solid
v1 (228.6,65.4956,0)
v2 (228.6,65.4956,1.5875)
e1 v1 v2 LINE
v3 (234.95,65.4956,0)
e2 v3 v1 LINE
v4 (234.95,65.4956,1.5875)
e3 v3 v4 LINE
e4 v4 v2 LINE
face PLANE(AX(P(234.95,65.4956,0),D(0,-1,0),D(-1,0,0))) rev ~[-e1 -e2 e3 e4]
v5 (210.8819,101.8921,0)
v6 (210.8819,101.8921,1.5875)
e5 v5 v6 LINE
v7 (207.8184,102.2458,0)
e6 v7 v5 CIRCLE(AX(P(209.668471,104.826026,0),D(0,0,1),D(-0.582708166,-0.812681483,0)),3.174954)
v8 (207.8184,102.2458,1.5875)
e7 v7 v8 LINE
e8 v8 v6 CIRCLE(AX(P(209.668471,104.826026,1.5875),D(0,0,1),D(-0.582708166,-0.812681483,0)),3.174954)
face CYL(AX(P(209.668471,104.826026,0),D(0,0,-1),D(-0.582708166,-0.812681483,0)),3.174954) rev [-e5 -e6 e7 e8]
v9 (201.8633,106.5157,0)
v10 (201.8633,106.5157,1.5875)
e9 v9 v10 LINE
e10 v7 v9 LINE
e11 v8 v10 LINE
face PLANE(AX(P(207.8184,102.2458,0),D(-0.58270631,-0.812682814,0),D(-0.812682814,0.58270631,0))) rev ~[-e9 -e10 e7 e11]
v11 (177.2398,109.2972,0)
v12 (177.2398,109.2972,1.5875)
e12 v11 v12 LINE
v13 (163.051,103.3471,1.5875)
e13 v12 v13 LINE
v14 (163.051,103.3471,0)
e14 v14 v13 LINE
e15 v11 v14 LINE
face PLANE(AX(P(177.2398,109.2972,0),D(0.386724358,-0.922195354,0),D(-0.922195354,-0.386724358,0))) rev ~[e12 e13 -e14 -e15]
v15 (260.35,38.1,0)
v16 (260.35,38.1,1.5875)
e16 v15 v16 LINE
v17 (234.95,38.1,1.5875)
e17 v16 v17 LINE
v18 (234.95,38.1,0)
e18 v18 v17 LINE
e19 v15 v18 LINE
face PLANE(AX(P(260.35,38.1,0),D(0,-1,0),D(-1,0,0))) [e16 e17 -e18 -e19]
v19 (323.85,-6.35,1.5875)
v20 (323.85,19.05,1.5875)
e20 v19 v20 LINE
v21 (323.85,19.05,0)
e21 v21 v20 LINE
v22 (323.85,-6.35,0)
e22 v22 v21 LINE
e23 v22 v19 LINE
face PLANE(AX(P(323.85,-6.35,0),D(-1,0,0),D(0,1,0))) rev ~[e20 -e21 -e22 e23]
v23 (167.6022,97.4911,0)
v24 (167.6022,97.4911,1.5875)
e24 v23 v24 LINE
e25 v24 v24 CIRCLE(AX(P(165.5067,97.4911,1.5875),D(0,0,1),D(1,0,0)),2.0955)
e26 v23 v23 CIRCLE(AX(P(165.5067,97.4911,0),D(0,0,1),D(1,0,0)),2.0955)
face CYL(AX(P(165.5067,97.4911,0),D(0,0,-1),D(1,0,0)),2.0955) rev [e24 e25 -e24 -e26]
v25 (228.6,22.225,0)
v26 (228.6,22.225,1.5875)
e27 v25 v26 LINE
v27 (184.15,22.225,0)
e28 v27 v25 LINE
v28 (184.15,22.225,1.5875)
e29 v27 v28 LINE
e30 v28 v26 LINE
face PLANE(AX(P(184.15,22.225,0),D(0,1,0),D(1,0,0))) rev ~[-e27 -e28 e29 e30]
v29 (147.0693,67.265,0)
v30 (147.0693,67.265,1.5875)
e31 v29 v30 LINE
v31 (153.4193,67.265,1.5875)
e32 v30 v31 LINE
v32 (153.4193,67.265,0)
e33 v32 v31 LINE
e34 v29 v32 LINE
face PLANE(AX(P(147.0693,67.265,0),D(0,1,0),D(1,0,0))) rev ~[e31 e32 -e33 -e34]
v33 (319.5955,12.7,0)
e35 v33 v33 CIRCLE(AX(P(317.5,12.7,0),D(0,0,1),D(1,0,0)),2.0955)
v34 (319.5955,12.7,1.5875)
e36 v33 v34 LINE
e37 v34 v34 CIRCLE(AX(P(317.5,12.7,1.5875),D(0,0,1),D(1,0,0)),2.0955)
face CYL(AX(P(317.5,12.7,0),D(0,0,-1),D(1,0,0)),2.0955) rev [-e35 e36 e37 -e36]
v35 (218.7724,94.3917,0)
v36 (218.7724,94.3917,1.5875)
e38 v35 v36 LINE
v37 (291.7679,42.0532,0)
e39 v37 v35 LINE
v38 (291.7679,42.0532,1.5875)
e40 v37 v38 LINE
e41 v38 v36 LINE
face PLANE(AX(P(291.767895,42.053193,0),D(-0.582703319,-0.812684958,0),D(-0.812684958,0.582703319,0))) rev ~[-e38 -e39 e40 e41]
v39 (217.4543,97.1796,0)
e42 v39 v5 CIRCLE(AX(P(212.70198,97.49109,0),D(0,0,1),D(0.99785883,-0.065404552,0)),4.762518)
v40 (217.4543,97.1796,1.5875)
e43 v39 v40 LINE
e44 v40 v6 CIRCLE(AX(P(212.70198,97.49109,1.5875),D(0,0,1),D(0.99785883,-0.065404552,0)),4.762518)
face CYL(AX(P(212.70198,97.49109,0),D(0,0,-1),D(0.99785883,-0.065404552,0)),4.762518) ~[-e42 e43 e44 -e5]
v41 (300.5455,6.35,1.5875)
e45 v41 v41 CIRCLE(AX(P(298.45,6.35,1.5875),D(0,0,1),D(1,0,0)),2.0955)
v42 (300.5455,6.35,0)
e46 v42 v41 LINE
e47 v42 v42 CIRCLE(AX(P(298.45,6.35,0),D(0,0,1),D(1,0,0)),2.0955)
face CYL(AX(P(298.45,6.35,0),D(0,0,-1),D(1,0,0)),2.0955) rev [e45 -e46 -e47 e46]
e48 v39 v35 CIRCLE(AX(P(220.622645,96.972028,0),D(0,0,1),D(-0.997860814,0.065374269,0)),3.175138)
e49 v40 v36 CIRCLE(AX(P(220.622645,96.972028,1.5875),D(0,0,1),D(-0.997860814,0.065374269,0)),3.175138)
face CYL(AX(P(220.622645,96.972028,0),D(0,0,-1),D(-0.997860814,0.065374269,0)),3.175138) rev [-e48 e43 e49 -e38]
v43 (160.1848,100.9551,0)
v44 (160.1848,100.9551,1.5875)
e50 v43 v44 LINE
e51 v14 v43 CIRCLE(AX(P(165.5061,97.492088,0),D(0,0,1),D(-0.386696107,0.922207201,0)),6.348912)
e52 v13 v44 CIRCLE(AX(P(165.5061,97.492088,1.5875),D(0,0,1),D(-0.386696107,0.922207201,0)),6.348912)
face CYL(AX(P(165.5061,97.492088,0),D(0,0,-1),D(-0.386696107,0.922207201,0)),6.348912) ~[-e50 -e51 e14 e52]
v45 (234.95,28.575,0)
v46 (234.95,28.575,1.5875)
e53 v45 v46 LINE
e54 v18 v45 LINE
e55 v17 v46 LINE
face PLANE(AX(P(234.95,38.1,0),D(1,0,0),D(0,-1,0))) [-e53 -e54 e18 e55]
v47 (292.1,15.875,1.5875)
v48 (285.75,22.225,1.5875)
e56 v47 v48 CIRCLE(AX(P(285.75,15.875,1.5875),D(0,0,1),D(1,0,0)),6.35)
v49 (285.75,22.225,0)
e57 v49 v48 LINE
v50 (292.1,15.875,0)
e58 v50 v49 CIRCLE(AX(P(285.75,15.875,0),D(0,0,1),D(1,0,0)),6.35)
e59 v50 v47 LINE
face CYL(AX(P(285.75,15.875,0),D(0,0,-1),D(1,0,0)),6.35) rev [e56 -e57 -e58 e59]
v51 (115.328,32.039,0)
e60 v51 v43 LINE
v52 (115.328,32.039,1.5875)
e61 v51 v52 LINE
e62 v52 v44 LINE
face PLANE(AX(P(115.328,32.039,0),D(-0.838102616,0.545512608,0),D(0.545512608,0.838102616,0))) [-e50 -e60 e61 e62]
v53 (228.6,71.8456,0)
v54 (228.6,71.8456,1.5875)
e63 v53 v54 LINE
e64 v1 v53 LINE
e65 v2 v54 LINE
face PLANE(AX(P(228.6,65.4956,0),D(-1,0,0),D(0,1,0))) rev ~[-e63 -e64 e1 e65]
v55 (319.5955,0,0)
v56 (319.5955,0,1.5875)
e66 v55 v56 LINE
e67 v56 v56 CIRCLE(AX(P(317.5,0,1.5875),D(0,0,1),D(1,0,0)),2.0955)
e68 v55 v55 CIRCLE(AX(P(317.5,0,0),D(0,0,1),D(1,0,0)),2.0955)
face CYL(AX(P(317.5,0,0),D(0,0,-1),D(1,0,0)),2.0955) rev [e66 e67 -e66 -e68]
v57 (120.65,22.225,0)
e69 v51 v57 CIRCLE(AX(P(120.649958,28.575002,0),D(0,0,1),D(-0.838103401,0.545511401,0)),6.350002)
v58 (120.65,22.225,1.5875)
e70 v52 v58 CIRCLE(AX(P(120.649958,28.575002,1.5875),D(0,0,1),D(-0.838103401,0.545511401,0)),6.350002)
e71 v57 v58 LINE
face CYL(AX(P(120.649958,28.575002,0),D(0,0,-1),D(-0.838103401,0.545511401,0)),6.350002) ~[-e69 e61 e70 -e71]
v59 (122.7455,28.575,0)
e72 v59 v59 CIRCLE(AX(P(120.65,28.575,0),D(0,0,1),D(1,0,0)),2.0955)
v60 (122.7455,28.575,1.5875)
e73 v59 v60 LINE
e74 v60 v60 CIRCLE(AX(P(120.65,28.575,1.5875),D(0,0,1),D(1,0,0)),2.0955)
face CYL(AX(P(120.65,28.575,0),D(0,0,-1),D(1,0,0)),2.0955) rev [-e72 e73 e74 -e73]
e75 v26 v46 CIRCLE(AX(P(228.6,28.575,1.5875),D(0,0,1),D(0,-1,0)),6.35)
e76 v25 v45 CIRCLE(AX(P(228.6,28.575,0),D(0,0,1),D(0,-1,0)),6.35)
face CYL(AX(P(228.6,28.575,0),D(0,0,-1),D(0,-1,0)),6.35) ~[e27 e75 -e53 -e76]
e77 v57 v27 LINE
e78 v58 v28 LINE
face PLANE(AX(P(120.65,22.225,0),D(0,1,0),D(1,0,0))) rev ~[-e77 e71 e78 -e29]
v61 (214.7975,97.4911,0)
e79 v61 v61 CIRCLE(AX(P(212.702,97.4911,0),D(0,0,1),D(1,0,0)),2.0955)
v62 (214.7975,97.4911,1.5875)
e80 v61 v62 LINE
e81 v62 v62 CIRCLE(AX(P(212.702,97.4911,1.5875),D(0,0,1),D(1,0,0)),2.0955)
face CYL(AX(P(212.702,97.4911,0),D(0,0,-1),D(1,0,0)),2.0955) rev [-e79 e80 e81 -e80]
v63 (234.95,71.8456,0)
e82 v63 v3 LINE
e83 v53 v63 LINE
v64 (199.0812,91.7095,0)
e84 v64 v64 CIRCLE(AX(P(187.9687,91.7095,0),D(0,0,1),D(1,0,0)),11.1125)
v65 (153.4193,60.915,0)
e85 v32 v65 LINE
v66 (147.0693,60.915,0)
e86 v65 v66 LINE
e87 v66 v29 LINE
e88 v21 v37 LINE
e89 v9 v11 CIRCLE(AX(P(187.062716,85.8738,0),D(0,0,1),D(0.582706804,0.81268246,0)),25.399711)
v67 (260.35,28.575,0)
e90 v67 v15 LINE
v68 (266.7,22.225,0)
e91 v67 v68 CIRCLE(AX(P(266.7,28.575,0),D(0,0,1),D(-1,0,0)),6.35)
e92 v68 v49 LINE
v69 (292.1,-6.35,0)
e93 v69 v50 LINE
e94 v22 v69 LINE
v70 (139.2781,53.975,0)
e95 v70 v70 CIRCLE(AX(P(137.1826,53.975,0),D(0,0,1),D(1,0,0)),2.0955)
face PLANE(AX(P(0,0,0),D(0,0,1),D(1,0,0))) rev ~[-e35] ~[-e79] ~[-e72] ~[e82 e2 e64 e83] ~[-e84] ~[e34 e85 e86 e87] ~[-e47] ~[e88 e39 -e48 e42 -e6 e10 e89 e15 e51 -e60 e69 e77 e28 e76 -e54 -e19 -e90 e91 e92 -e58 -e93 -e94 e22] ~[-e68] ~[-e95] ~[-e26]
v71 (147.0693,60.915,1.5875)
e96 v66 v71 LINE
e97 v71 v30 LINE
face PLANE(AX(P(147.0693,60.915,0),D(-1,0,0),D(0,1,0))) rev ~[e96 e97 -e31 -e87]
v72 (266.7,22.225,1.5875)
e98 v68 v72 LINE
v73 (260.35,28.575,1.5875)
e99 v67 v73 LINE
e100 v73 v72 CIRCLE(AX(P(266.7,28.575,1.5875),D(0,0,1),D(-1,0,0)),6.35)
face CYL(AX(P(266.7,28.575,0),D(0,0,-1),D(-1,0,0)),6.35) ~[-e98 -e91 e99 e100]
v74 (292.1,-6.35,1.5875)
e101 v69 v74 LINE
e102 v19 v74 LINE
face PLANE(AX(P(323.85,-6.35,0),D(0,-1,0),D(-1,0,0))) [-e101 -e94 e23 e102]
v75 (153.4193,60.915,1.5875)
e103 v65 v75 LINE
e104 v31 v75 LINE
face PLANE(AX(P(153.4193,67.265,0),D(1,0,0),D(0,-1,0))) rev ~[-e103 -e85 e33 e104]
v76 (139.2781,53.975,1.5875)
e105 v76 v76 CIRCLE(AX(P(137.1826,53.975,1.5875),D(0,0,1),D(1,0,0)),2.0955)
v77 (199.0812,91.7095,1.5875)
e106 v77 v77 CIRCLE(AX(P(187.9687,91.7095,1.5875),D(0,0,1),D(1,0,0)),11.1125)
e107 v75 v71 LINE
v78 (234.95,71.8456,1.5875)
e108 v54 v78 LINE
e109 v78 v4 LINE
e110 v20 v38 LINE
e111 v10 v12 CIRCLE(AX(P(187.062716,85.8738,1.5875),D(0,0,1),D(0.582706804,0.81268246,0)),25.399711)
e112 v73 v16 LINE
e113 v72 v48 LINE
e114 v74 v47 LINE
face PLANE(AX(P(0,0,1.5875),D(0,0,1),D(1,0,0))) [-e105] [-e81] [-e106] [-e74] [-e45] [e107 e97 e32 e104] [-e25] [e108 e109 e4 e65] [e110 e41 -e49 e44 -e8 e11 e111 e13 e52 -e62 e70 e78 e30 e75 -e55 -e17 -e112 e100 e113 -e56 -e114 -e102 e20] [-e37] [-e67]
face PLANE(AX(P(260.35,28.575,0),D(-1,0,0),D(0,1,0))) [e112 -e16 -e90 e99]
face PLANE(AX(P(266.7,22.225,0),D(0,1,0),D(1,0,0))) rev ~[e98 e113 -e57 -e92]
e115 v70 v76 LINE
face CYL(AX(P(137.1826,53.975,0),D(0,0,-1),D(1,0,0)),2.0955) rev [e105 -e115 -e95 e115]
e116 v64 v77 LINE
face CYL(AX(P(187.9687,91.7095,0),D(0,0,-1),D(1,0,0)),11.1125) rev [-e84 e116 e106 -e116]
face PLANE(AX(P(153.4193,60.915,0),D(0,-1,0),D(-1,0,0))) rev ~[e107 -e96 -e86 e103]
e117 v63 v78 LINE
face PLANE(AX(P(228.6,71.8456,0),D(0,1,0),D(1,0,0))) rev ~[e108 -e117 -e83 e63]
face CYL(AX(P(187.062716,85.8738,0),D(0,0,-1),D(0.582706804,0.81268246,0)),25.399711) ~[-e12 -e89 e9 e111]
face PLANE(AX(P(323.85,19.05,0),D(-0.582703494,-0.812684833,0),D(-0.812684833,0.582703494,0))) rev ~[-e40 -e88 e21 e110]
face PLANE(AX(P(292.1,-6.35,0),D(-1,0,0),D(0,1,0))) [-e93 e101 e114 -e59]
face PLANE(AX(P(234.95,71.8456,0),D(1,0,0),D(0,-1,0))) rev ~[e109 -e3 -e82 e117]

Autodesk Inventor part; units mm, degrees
ref_plane "YZ Plane" through (0, 0, 0) normal (1, 0, 0) x (0, 1, 0)
ref_plane "XZ Plane" through (0, 0, 0) normal (0, 1, 0) x (-1, 0, 0)
ref_plane "XY Plane" through (0, 0, 0) normal (0, 0, 1) x (1, 0, 0)
sketch "Sketch1" plane through (0, 0, 0) normal (0, 0, 1) x (1, 0, 0)
  line L0 (177.2398, 109.2972) -> (163.051, 103.3471)
  line L1 (323.85, -6.35) -> (323.85, 19.05)
  line L2 (323.85, -6.35) -> (292.1, -6.35)
  line L3 (292.1, -6.35) -> (292.1, 15.875)
  line L4 (292.1, -6.35) -> (323.85, -6.35)
  arc A0 (292.1, 15.875) -> (285.75, 22.225) centre (285.75, 15.875) ccw
  circle A1 centre (317.5, 0) radius 2.0955
  circle A2 centre (317.5, 12.7) radius 2.0955
  line L5 (120.65, 22.225) -> (184.15, 22.225)
  circle A3 centre (298.45, 6.35) radius 2.0955
  arc A4 (201.8633, 106.5157) -> (177.2398, 109.2972) centre (187.0626, 85.8735) ccw
  circle A5 centre (187.9687, 91.7095) radius 11.1125
  line L6 (260.35, 28.575) -> (260.35, 38.1)
  line L7 (260.35, 38.1) -> (234.95, 38.1)
  line L8 (234.95, 38.1) -> (234.95, 28.575)
  line L9 (184.15, 22.225) -> (228.6, 22.225)
  line L10 (266.7, 22.225) -> (285.75, 22.225)
  arc A6 (228.6, 22.225) -> (234.95, 28.575) centre (228.6, 28.575) ccw
  arc A7 (260.35, 28.575) -> (266.7, 22.225) centre (266.7, 28.575) ccw
  line L11 (115.328, 32.039) -> (160.1848, 100.9551)
  line L12 (323.85, 19.05) -> (291.7679, 42.0532)
  circle A8 centre (120.65, 28.575) radius 2.0955
  circle A9 centre (165.5067, 97.4911) radius 2.0955
  arc A10 (115.328, 32.039) -> (120.65, 22.225) centre (120.65, 28.575) ccw
  arc A11 (163.051, 103.3471) -> (160.1848, 100.9551) centre (165.5067, 97.4911) ccw
  circle A12 centre (137.1826, 53.975) radius 2.0955
  line L13 (228.6, 71.8456) -> (234.95, 71.8456)
  line L14 (234.95, 71.8456) -> (234.95, 65.4956)
  line L15 (234.95, 65.4956) -> (228.6, 65.4956)
  line L16 (228.6, 65.4956) -> (228.6, 71.8456)
  line L17 (228.6, 71.8456) -> (234.95, 65.4956) construction
  line L18 (234.95, 71.8456) -> (228.6, 65.4956) construction
  line L19 (147.0693, 67.265) -> (153.4193, 67.265)
  line L20 (153.4193, 67.265) -> (153.4193, 60.915)
  line L21 (153.4193, 60.915) -> (147.0693, 60.915)
  line L22 (147.0693, 60.915) -> (147.0693, 67.265)
  line L23 (147.0693, 67.265) -> (153.4193, 60.915) construction
  line L24 (153.4193, 67.265) -> (147.0693, 60.915) construction
  circle A13 centre (212.702, 97.4911) radius 2.0955
  arc A14 (217.4543, 97.1796) -> (210.8819, 101.8921) centre (212.702, 97.4911) ccw
  line L25 (323.85, 19.05) -> (218.7724, 94.3917)
  line L26 (207.8184, 102.2458) -> (201.8633, 106.5157)
  arc A15 (207.8184, 102.2458) -> (210.8819, 101.8921) centre (209.6685, 104.8261) ccw
  arc A16 (217.4543, 97.1796) -> (218.7724, 94.3917) centre (220.6225, 96.972) ccw
  point P0 (292.1, 22.225)
  point P1 (146.05, 22.225)
  point P2 (260.35, 22.225)
  point P3 (124.6512, 46.3627)
  point P4 (148.9618, 83.7126)
  point P5 (217.0763, 95.6078)
  point P6 (209.5145, 101.0297)
  dimension "d14" = 31.75
  dimension "d15" = 28.575
  dimension "d16" = 6.35
  dimension "d18" = 4.191
  dimension "d19" = 4.191
  dimension "d29" = 4.191
  dimension "d30" = 25.4
  dimension "d32" = 22.225
  dimension "d37" = 15.875
  dimension "d38" = 6.35
  dimension "d105" = 12.7
  dimension "d106" = 12.7
  dimension "d107" = 4.191
  dimension "d108" = 6.35
  dimension "d109" = 6.35
  dimension "d110" = 6.35
  dimension "d111" = 6.35
  dimension "d113" = 4.191
  dimension "d114" = 9.525
  dimension "d115" = 3.175
extrude "Extrusion1" add sketch "Sketch1" along normal blind 1.5875
properties part number "plate_mid" material "Acetal Resin, White"
